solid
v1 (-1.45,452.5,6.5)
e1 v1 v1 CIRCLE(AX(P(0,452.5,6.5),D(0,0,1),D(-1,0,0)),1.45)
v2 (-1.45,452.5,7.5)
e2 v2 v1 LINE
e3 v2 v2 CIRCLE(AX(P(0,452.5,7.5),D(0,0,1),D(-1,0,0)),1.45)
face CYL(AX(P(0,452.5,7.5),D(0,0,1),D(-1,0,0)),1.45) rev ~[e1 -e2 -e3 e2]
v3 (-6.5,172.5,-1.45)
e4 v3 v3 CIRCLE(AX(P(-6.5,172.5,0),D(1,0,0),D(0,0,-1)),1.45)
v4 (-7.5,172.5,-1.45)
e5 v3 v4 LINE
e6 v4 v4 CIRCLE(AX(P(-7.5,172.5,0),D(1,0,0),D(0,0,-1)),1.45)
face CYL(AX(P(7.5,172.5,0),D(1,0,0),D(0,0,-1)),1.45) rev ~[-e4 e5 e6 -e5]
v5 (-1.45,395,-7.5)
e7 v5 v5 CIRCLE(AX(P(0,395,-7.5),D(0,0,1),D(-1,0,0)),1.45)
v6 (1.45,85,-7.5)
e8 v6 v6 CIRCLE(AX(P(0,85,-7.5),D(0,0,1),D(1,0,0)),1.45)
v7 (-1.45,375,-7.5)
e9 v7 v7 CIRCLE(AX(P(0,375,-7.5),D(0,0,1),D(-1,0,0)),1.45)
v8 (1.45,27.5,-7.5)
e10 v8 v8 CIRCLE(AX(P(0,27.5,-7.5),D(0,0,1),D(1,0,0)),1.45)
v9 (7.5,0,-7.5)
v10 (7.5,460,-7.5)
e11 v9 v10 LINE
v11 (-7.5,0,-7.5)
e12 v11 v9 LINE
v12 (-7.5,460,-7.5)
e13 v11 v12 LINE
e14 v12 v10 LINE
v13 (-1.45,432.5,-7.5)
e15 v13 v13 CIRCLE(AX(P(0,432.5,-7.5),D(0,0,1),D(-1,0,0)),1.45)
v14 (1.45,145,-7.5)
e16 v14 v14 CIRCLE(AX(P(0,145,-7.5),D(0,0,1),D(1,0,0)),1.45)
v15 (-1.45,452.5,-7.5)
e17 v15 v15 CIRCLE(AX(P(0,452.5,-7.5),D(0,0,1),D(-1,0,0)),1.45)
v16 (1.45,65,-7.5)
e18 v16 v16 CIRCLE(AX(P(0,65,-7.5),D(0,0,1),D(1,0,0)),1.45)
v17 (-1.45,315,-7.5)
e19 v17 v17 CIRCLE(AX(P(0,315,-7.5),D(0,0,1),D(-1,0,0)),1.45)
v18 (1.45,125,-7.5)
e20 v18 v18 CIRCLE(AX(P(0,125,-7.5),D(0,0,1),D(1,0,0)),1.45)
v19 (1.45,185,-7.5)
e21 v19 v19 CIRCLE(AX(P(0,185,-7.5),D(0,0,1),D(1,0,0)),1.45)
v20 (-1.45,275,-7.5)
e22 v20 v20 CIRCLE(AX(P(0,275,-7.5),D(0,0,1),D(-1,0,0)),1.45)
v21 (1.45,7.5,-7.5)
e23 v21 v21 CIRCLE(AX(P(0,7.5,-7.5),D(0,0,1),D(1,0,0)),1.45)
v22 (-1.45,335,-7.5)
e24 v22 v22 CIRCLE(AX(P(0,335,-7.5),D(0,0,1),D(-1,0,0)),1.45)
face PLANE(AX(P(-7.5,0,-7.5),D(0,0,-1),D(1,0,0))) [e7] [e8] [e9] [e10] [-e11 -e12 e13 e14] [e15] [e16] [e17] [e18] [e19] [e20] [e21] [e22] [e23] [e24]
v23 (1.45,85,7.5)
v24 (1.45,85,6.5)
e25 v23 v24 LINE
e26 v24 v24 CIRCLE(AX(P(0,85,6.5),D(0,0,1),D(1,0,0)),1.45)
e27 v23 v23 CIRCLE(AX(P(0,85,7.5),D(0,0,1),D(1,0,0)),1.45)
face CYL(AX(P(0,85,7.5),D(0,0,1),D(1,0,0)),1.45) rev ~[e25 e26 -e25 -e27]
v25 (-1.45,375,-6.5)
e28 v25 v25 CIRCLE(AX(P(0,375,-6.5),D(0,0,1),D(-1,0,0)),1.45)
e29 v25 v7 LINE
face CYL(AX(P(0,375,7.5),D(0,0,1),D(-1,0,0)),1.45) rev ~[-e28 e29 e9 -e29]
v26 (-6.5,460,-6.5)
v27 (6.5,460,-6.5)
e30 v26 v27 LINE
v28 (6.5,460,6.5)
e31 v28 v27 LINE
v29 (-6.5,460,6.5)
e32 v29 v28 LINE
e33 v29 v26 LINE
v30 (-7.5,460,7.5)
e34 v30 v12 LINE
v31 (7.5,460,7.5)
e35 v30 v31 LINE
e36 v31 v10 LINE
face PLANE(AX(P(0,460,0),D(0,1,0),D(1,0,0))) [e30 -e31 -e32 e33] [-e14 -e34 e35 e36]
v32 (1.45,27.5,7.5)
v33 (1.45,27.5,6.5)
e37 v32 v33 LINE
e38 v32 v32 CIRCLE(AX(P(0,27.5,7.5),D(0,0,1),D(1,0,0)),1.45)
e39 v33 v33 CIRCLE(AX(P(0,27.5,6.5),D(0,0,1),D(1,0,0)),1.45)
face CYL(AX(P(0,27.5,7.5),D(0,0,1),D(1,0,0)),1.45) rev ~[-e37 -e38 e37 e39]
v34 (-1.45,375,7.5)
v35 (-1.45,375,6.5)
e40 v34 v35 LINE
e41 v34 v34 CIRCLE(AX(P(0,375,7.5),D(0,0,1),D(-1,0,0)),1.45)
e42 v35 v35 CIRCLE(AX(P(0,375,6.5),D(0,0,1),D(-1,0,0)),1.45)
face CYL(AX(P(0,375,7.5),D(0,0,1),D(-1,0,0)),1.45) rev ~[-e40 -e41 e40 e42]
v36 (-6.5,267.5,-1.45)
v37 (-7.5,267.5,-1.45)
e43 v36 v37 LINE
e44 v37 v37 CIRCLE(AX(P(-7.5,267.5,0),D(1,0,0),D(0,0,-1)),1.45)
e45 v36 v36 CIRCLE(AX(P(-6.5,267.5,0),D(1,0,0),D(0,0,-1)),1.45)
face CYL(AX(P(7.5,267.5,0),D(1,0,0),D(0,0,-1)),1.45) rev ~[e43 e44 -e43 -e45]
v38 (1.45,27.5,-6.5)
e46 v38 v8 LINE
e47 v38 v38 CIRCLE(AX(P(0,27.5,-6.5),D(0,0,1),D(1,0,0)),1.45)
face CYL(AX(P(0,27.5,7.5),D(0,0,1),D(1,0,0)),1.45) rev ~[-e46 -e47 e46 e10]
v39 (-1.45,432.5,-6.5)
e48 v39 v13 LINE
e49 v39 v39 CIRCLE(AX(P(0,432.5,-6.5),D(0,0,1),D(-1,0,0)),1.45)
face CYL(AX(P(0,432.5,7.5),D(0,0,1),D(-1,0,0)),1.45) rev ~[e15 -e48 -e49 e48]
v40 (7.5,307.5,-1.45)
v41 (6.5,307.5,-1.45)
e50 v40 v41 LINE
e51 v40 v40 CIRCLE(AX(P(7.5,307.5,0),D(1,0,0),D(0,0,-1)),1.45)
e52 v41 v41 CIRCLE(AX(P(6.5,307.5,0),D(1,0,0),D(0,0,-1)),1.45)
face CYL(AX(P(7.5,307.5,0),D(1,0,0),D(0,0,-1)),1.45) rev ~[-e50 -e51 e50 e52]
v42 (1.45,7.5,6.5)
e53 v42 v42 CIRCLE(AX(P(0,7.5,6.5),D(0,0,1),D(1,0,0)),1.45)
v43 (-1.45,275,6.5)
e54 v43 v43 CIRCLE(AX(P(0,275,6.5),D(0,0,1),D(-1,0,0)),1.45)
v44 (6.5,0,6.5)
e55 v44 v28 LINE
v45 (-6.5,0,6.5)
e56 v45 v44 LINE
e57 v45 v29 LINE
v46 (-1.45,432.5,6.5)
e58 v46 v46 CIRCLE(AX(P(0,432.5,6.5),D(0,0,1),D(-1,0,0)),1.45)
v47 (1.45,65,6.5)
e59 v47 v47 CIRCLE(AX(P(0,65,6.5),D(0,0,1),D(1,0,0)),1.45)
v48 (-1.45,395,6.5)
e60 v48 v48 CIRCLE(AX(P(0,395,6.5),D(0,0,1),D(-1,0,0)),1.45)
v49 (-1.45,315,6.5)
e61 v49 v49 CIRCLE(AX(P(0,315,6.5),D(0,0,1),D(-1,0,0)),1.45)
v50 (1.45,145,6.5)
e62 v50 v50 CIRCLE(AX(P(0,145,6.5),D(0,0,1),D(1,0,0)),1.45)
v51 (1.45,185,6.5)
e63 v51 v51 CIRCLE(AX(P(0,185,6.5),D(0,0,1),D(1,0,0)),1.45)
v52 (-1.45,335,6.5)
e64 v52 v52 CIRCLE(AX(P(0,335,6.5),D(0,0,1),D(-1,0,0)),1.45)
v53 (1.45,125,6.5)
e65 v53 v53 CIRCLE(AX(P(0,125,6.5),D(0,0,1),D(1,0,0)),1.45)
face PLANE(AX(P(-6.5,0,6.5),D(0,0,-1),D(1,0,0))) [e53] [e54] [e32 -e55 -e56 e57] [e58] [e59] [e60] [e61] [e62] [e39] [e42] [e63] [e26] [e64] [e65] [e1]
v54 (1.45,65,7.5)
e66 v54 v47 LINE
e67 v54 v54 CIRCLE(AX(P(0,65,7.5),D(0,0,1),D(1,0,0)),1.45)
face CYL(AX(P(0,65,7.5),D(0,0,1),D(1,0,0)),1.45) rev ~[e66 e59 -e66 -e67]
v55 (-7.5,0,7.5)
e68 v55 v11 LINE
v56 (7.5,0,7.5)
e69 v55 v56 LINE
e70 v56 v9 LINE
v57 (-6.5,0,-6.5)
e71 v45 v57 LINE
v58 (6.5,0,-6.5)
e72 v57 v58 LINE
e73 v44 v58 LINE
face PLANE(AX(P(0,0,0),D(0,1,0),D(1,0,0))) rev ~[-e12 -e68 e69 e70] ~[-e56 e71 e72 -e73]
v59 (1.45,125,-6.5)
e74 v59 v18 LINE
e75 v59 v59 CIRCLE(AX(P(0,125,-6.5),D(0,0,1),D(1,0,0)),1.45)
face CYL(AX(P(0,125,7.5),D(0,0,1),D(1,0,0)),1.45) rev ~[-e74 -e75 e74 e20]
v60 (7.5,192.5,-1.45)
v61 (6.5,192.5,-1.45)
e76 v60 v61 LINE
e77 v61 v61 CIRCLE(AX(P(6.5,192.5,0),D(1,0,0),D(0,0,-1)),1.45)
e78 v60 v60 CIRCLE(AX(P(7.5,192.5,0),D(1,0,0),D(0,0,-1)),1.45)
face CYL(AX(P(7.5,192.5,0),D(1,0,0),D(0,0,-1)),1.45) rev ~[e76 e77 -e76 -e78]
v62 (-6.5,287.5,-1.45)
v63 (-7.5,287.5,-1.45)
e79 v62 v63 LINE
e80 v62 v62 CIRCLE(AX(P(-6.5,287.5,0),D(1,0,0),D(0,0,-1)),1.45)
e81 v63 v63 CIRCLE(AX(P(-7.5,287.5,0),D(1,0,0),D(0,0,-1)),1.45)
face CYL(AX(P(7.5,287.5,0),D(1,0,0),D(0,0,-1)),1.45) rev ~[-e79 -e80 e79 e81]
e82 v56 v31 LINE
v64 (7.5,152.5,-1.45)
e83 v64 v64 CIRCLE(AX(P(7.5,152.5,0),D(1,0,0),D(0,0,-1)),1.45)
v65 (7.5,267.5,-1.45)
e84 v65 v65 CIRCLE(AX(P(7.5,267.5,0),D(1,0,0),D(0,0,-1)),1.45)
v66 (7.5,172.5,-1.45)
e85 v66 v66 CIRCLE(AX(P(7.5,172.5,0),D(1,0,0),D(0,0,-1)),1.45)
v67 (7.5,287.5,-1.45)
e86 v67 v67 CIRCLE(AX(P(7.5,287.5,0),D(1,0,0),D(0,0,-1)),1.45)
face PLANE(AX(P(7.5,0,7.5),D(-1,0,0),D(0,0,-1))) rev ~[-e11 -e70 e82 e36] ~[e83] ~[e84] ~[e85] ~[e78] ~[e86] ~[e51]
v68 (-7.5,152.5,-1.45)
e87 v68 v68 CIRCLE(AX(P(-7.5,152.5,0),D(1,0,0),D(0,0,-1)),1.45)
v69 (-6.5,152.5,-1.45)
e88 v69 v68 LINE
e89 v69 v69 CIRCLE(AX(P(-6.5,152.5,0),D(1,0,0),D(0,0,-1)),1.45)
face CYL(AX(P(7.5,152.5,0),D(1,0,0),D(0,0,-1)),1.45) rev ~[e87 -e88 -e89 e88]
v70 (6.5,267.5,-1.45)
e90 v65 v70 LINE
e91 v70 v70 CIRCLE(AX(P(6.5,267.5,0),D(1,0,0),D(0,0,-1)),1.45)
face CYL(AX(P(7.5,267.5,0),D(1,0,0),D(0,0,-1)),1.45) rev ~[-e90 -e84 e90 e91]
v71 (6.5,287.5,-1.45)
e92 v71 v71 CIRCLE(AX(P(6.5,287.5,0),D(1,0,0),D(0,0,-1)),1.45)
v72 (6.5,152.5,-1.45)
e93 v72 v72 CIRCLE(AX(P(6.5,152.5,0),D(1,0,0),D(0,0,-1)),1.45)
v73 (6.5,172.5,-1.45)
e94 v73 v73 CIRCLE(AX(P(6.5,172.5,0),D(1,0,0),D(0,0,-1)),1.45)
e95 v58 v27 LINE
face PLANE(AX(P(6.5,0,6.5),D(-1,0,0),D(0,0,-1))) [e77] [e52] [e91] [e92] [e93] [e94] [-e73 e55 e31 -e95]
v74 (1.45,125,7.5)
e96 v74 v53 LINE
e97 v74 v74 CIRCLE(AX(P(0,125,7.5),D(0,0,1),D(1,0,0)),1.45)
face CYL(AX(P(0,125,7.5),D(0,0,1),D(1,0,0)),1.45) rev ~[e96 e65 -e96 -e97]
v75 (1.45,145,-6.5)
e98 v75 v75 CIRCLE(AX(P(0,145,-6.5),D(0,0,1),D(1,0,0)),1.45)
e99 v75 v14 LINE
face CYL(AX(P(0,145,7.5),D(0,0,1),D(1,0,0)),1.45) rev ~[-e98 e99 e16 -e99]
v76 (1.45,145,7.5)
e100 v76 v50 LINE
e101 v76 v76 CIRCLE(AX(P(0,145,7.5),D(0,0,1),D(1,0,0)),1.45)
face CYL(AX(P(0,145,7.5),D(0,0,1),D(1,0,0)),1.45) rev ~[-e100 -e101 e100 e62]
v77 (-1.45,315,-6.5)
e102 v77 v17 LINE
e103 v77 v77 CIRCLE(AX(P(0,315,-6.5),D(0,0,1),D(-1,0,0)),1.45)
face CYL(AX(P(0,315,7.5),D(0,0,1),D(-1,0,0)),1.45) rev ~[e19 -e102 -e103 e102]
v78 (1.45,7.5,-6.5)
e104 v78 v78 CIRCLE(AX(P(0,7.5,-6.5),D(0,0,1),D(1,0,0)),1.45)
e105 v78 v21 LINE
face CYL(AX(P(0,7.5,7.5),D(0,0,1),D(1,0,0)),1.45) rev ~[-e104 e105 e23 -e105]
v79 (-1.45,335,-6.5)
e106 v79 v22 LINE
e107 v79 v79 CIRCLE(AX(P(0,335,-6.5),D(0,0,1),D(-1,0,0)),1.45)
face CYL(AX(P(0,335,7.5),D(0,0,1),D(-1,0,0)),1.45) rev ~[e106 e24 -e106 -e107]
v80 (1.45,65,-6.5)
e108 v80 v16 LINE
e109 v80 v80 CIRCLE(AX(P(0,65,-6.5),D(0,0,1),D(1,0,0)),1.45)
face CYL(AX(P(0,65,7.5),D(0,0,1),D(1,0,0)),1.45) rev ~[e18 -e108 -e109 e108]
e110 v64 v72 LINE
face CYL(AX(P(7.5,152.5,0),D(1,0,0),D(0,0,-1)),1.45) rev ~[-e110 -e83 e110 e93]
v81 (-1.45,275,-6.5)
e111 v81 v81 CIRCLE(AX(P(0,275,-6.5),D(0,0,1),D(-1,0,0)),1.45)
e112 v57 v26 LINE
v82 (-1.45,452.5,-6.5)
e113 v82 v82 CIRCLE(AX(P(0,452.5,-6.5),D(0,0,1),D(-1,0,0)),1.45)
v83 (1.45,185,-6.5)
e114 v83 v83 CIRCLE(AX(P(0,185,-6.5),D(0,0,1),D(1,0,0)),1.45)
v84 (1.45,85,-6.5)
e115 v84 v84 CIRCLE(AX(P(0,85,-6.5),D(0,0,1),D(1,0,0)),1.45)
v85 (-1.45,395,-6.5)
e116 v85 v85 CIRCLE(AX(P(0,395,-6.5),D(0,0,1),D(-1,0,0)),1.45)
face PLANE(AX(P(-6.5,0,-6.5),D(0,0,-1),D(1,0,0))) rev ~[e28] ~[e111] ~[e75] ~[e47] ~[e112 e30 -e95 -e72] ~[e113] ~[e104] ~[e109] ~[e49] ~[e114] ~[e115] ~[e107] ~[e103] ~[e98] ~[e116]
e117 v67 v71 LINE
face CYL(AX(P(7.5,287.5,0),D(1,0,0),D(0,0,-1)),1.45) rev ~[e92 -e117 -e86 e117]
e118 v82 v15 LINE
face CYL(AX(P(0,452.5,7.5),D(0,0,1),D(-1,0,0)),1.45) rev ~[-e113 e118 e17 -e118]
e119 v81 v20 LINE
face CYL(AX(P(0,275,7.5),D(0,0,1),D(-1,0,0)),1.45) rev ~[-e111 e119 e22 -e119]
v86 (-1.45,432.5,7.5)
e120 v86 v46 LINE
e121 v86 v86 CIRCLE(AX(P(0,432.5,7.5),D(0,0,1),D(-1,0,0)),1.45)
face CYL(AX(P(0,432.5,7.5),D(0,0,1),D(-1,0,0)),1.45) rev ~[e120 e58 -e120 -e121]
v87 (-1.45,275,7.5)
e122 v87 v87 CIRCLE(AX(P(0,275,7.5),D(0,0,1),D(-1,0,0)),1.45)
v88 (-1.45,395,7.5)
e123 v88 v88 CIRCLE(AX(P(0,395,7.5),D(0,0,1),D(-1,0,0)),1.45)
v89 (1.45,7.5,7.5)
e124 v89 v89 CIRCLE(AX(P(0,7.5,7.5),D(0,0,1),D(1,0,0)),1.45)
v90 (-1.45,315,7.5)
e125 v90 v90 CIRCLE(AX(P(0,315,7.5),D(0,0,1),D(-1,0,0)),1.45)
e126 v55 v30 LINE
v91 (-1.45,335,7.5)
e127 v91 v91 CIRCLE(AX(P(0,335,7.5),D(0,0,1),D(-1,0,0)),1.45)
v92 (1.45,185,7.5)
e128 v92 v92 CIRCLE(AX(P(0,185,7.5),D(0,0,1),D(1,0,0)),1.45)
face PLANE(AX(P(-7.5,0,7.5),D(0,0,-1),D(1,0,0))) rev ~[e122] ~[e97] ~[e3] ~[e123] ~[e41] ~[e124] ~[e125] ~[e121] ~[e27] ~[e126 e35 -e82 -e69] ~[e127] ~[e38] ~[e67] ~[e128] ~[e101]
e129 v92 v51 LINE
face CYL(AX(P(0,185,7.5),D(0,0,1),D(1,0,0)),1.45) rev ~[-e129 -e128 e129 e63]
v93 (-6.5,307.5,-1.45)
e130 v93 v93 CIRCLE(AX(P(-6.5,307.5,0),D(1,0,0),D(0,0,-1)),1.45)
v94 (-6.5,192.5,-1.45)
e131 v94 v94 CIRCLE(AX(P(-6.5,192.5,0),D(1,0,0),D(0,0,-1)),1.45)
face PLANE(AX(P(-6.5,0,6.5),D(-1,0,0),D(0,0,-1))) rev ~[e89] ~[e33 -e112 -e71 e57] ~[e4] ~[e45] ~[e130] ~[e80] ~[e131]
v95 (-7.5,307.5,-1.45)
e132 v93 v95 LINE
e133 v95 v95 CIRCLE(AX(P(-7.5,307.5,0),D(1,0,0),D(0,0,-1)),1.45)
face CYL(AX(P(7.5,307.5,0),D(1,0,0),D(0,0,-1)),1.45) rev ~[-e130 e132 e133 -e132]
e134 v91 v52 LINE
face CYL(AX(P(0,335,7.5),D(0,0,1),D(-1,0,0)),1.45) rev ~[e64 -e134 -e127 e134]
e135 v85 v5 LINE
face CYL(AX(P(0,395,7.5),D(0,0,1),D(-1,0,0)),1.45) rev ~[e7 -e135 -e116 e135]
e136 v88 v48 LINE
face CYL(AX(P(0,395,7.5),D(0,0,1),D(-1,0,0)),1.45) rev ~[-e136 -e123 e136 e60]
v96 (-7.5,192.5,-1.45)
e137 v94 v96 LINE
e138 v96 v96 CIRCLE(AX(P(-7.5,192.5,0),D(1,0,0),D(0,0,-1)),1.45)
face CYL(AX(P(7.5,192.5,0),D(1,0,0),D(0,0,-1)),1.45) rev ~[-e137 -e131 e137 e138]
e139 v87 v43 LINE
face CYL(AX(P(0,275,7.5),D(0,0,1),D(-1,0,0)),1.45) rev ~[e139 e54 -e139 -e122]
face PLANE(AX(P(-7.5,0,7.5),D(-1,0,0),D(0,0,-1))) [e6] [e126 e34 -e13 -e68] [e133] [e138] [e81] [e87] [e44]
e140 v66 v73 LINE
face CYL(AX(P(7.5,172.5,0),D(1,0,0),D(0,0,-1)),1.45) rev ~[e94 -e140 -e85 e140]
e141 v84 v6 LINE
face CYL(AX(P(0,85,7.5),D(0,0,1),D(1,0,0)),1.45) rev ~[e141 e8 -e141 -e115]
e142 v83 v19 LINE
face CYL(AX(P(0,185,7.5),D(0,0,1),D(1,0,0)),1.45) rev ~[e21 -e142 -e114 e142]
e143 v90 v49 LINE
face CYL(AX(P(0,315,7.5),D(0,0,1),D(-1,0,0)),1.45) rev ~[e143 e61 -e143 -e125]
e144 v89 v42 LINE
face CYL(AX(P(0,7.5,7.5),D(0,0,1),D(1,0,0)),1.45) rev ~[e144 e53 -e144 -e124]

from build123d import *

# Parameters (mm, degrees)
SKETCH_1_W          = 15
SKETCH_1_H          = 15
SKETCH_1_W_2        = 13
SKETCH_1_H_2        = 13
EXTRUDE_1_DEPTH     = 460
SKETCH_2_R          = 1.45
CUT_EXTRUDE_1_DEPTH = 461.305605006
SKETCH_3_R          = 1.45
CUT_EXTRUDE_2_DEPTH = 461.305605006


with BuildPart() as part:
    # 草图1 → 拉伸-薄壁1 (new body)
    with BuildSketch(Plane(origin=(0, 0, 0), x_dir=(1, 0, 0), z_dir=(0, 1, 0))):
        Rectangle(SKETCH_1_W, SKETCH_1_H)
        Rectangle(SKETCH_1_W_2, SKETCH_1_H_2, mode=Mode.SUBTRACT)
    extrude(amount=EXTRUDE_1_DEPTH)

    # 草图2 → 切除-拉伸1 (cut, through all)
    with BuildSketch(Plane.XY.offset(7.5)):
        with Locations((0, 7.5)):
            Circle(SKETCH_2_R)
        with Locations((0, 27.5)):
            Circle(SKETCH_2_R)
        with Locations(Location((0, 432.5, 0), (0, 0, 180))):
            Circle(SKETCH_2_R)
        with Locations(Location((0, 452.5, 0), (0, 0, 180))):
            Circle(SKETCH_2_R)
        with Locations((0, 65)):
            Circle(SKETCH_2_R)
        with Locations((0, 85)):
            Circle(SKETCH_2_R)
        with Locations((0, 125)):
            Circle(SKETCH_2_R)
        with Locations((0, 145)):
            Circle(SKETCH_2_R)
        with Locations(Location((0, 315, 0), (0, 0, 180))):
            Circle(SKETCH_2_R)
        with Locations(Location((0, 335, 0), (0, 0, 180))):
            Circle(SKETCH_2_R)
        with Locations(Location((0, 375, 0), (0, 0, 180))):
            Circle(SKETCH_2_R)
        with Locations(Location((0, 395, 0), (0, 0, 180))):
            Circle(SKETCH_2_R)
        with Locations((0, 185)):
            Circle(SKETCH_2_R)
        with Locations(Location((0, 275, 0), (0, 0, 180))):
            Circle(SKETCH_2_R)
    extrude(amount=-CUT_EXTRUDE_1_DEPTH, mode=Mode.SUBTRACT)

    # 草图3 → 切除-拉伸2 (cut, through all)
    with BuildSketch(Plane(origin=(7.5, 0, 0), x_dir=(0, 0, -1), z_dir=(1, 0, 0))):
        with Locations((0, 152.5)):
            Circle(SKETCH_3_R)
        with Locations((0, 172.5)):
            Circle(SKETCH_3_R)
        with Locations((0, 287.5)):
            Circle(SKETCH_3_R)
        with Locations((0, 307.5)):
            Circle(SKETCH_3_R)
        with Locations((0, 192.5)):
            Circle(SKETCH_3_R)
        with Locations((0, 267.5)):
            Circle(SKETCH_3_R)
    extrude(amount=-CUT_EXTRUDE_2_DEPTH, mode=Mode.SUBTRACT)


solid = part.part
